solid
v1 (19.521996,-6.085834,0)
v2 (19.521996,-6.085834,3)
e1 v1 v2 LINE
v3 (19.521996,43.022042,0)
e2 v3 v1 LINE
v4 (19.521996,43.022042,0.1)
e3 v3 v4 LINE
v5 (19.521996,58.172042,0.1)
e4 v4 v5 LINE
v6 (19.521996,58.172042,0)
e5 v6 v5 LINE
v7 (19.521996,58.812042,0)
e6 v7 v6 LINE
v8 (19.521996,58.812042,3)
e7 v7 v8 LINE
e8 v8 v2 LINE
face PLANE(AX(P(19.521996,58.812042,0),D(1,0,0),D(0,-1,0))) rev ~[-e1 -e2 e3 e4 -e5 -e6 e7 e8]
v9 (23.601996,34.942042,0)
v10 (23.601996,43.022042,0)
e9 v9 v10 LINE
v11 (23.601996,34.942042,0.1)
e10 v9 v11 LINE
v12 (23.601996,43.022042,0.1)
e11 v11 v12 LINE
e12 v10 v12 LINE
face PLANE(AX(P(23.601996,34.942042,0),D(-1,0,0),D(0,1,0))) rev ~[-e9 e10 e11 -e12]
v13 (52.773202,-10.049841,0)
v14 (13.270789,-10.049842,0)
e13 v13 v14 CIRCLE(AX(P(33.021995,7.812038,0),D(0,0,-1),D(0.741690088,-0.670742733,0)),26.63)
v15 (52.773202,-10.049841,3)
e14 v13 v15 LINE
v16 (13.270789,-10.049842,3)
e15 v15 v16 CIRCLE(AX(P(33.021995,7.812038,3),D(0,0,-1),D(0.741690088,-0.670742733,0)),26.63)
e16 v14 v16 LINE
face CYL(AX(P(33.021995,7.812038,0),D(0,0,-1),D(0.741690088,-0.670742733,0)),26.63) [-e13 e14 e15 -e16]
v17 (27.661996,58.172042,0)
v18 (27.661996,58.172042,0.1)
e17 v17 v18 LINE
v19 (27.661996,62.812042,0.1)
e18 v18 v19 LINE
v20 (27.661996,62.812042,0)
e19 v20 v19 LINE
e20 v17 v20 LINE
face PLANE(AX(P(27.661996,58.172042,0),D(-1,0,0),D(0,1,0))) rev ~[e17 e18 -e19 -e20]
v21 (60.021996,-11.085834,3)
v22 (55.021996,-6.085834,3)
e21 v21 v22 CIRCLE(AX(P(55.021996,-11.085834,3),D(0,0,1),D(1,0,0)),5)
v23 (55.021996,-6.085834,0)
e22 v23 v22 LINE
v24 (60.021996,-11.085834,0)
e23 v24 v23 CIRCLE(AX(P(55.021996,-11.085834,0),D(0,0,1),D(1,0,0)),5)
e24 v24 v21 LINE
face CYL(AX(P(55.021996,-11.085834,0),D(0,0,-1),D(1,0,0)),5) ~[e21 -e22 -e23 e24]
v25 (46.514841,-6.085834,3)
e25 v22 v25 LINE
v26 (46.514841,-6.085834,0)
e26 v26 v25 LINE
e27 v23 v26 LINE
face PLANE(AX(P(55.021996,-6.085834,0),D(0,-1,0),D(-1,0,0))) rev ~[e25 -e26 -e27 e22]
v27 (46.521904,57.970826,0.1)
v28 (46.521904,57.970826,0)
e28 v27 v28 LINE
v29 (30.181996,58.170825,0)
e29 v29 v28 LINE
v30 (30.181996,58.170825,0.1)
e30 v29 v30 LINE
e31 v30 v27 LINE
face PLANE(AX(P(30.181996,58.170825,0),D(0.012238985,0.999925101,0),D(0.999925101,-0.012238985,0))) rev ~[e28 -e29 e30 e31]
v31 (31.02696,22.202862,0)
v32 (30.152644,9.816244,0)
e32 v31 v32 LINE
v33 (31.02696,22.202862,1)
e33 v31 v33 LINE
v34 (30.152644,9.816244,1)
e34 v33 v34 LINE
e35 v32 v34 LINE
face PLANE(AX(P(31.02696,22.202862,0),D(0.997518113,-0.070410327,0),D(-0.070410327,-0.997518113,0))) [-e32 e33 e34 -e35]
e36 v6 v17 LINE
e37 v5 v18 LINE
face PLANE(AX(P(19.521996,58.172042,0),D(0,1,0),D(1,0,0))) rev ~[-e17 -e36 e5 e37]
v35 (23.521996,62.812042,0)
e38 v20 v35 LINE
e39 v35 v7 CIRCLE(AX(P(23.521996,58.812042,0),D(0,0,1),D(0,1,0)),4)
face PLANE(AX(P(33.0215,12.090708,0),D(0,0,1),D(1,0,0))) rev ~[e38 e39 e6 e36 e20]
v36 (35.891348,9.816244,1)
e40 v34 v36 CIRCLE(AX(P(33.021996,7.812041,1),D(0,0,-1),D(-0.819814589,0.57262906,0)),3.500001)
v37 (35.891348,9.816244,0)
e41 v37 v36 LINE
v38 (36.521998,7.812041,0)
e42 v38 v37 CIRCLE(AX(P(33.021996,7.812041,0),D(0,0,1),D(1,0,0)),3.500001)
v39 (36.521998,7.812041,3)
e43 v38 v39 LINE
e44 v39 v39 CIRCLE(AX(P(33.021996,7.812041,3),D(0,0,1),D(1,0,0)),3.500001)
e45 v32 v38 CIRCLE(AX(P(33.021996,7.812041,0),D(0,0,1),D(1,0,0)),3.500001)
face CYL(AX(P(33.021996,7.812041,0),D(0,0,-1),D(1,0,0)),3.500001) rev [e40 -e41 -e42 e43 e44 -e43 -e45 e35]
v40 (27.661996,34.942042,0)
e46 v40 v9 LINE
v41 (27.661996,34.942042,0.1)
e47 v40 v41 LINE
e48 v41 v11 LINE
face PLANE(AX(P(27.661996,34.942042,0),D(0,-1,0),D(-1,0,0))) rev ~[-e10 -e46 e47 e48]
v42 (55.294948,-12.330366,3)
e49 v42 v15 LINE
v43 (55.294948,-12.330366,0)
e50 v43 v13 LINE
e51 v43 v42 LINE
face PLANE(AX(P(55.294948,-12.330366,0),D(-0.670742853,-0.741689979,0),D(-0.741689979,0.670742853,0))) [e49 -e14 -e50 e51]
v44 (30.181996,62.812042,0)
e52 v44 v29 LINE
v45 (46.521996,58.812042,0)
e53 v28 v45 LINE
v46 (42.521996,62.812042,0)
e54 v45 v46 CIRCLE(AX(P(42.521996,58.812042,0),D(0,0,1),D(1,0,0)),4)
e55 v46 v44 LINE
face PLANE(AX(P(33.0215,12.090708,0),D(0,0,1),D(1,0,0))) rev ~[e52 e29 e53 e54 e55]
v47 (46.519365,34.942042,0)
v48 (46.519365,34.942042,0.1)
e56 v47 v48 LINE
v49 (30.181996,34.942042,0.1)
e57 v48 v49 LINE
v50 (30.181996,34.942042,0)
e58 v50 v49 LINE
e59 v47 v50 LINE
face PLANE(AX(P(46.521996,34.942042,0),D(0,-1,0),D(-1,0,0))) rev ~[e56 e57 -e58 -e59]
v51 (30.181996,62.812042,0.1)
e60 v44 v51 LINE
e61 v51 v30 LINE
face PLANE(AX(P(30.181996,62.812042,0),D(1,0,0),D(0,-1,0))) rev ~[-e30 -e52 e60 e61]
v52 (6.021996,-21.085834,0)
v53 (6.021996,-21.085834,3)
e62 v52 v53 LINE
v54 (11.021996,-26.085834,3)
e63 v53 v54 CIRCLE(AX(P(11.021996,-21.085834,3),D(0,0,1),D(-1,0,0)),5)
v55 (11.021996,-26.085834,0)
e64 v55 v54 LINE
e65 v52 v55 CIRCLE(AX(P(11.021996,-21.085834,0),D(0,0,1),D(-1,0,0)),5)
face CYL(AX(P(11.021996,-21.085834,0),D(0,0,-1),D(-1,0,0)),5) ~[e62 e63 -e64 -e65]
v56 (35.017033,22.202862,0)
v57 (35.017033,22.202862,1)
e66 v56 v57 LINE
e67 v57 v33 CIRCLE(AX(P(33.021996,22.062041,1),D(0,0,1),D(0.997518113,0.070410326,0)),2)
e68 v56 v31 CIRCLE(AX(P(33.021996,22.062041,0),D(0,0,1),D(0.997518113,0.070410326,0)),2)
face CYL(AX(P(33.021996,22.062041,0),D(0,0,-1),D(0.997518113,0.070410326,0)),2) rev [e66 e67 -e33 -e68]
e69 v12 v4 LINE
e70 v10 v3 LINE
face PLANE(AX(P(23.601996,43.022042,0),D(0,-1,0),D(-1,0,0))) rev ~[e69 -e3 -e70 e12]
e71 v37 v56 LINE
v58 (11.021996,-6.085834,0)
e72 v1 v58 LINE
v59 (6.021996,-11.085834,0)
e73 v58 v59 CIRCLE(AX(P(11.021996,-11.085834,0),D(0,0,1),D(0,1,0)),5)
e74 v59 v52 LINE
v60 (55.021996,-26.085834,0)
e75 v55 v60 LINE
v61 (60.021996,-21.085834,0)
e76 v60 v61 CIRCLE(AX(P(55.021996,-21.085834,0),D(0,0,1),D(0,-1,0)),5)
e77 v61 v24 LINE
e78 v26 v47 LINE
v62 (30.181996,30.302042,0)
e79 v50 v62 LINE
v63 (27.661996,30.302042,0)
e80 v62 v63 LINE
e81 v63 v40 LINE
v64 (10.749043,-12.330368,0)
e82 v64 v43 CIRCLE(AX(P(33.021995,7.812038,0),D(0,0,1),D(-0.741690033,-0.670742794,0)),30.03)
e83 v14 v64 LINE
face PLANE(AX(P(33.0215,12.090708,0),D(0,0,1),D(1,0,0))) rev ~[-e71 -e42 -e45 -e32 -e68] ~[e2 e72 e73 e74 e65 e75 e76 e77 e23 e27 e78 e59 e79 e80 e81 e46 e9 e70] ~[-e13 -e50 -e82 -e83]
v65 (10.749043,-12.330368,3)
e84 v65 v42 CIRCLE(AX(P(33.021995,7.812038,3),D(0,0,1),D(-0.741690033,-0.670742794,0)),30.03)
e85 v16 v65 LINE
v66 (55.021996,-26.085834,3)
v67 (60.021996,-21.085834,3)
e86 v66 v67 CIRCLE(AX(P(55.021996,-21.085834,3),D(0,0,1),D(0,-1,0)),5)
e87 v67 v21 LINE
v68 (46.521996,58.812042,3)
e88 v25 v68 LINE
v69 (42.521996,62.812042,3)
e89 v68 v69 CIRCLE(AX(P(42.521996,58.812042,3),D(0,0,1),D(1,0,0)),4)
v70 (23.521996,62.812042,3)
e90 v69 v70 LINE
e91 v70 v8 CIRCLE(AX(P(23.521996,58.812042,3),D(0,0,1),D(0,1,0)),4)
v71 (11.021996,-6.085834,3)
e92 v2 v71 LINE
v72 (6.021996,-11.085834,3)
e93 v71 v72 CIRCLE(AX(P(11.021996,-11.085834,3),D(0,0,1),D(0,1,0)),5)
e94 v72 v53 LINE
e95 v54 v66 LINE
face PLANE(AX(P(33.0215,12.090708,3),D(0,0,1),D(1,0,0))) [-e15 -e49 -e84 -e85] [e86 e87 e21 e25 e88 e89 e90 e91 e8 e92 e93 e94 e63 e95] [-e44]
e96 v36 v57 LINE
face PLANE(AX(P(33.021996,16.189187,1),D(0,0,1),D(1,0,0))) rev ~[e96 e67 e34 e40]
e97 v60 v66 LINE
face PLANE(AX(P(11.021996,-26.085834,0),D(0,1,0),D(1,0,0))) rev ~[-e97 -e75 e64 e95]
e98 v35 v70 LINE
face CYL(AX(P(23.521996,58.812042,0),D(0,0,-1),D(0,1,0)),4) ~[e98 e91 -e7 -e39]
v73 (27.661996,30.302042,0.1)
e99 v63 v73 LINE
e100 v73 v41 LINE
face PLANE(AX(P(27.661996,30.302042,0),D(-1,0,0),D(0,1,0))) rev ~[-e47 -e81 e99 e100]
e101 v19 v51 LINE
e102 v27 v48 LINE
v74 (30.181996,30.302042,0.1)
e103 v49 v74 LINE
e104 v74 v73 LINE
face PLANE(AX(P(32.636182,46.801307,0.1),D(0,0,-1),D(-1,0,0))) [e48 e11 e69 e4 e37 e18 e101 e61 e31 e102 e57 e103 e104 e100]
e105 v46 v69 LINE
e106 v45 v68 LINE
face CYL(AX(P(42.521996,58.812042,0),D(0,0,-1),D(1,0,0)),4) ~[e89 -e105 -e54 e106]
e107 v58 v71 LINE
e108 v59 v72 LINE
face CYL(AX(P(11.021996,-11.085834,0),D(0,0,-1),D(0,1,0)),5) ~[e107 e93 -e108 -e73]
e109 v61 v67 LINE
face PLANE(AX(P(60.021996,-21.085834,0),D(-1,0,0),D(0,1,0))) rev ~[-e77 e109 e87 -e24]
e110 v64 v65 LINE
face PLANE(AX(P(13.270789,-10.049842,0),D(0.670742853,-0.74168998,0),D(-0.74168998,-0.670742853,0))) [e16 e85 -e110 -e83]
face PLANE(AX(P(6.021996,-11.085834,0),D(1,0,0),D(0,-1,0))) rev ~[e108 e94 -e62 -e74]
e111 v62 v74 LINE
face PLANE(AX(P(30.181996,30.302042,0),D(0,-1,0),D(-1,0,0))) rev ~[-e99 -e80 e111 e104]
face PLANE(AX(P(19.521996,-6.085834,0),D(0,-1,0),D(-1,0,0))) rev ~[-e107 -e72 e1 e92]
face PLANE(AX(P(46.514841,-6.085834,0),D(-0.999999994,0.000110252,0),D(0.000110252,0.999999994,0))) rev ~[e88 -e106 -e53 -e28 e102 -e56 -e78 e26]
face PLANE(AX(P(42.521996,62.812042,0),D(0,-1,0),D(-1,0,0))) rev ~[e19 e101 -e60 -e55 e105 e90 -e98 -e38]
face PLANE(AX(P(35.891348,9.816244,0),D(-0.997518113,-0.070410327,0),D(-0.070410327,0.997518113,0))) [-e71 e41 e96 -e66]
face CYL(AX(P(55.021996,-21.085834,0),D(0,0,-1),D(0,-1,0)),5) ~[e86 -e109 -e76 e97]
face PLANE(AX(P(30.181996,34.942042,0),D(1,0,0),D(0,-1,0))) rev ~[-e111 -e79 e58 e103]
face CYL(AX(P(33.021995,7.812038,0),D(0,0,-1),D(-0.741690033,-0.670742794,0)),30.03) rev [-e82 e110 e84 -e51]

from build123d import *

# Parameters (mm, degrees)
CORTE_EXTERIOR_R        = 3.500001168
SALIENTE_EXTRUIR1_DEPTH = 3
CORTAR_EXTRUIR1_DEPTH   = 1
CORTAR_EXTRUIR2_DEPTH   = 0.1


with BuildPart() as part:
    # Corte exterior → Saliente-Extruir1 (new body)
    with BuildSketch(Plane.XY):
        with BuildLine():
            Line((19.521996462, -6.085833738), (11.021996462, -6.085833738))
            ThreePointArc((11.021996462, -6.085833738), (7.486462556, -7.550299832), (6.021996462, -11.085833738))
            Line((6.021996462, -11.085833738), (6.021996462, -21.085833738))
            ThreePointArc((6.021996462, -21.085833738), (7.486462556, -24.621367644), (11.021996462, -26.085833738))
            Line((11.021996462, -26.085833738), (55.021996462, -26.085833738))
            ThreePointArc((55.021996462, -26.085833738), (58.557530368, -24.621367644), (60.021996462, -21.085833738))
            Line((60.021996462, -21.085833738), (60.021996462, -11.085833738))
            ThreePointArc((60.021996462, -11.085833738), (58.557530368, -7.550299832), (55.021996462, -6.085833738))
            Line((55.021996462, -6.085833738), (46.514841363, -6.085833738))
            Line((46.514841363, -6.085833738), (46.521996462, 58.812041738))
            ThreePointArc((46.521996462, 58.812041738), (45.350423587, 61.640468863), (42.521996462, 62.812041738))
            Line((42.521996462, 62.812041738), (23.521996462, 62.812041738))
            ThreePointArc((23.521996462, 62.812041738), (20.693569337, 61.640468863), (19.521996462, 58.812041738))
            Line((19.521996462, 58.812041738), (19.521996462, -6.085833738))
        make_face()
        with Locations((33.021996462, 7.812041474)):
            Circle(CORTE_EXTERIOR_R, mode=Mode.SUBTRACT)
        with BuildLine():
            Line((55.29494797, -12.330366391), (52.77320204, -10.049840692))
            ThreePointArc((52.77320204, -10.049840692), (33.021996462, -18.817961696), (13.270789317, -10.049842109))
            Line((13.270789317, -10.049842109), (10.749043386, -12.330367808))
            ThreePointArc((10.749043386, -12.330367808), (33.021996462, -22.217961696), (55.29494797, -12.330366391))
        make_face(mode=Mode.SUBTRACT)
    extrude(amount=SALIENTE_EXTRUIR1_DEPTH)

    # Grabado Superficie → Cortar-Extruir1 (cut)
    with BuildSketch(Plane.XY):
        with BuildLine():
            Line((35.89134848, 9.816243852), (35.017032688, 22.202862127))
            ThreePointArc((35.017032688, 22.202862127), (33.021996462, 24.062041474), (31.026960236, 22.202862127))
            Line((31.026960236, 22.202862127), (30.152644444, 9.816243852))
            ThreePointArc((30.152644444, 9.816243852), (33.021996462, 11.312042642), (35.89134848, 9.816243852))
        make_face()
    extrude(amount=CORTAR_EXTRUIR1_DEPTH, mode=Mode.SUBTRACT)

    # grabado linea medio → Cortar-Extruir2 (cut)
    with BuildSketch(Plane.XY):
        Polygon((23.601996462, 43.022041738), (19.521996462, 43.022041738), (19.521996462, 58.172041738), (27.661996462, 58.172041738), (27.661996462, 62.812041738), (30.181996462, 62.812041738), (30.181996462, 58.170825238), (46.521996462, 57.970825238), (46.521996462, 34.942041738), (30.181996462, 34.942041738), (30.181996462, 30.302041738), (27.661996462, 30.302041738), (27.661996462, 34.942041738), (23.601996462, 34.942041738), align=None)
    extrude(amount=CORTAR_EXTRUIR2_DEPTH, mode=Mode.SUBTRACT)


solid = part.part
